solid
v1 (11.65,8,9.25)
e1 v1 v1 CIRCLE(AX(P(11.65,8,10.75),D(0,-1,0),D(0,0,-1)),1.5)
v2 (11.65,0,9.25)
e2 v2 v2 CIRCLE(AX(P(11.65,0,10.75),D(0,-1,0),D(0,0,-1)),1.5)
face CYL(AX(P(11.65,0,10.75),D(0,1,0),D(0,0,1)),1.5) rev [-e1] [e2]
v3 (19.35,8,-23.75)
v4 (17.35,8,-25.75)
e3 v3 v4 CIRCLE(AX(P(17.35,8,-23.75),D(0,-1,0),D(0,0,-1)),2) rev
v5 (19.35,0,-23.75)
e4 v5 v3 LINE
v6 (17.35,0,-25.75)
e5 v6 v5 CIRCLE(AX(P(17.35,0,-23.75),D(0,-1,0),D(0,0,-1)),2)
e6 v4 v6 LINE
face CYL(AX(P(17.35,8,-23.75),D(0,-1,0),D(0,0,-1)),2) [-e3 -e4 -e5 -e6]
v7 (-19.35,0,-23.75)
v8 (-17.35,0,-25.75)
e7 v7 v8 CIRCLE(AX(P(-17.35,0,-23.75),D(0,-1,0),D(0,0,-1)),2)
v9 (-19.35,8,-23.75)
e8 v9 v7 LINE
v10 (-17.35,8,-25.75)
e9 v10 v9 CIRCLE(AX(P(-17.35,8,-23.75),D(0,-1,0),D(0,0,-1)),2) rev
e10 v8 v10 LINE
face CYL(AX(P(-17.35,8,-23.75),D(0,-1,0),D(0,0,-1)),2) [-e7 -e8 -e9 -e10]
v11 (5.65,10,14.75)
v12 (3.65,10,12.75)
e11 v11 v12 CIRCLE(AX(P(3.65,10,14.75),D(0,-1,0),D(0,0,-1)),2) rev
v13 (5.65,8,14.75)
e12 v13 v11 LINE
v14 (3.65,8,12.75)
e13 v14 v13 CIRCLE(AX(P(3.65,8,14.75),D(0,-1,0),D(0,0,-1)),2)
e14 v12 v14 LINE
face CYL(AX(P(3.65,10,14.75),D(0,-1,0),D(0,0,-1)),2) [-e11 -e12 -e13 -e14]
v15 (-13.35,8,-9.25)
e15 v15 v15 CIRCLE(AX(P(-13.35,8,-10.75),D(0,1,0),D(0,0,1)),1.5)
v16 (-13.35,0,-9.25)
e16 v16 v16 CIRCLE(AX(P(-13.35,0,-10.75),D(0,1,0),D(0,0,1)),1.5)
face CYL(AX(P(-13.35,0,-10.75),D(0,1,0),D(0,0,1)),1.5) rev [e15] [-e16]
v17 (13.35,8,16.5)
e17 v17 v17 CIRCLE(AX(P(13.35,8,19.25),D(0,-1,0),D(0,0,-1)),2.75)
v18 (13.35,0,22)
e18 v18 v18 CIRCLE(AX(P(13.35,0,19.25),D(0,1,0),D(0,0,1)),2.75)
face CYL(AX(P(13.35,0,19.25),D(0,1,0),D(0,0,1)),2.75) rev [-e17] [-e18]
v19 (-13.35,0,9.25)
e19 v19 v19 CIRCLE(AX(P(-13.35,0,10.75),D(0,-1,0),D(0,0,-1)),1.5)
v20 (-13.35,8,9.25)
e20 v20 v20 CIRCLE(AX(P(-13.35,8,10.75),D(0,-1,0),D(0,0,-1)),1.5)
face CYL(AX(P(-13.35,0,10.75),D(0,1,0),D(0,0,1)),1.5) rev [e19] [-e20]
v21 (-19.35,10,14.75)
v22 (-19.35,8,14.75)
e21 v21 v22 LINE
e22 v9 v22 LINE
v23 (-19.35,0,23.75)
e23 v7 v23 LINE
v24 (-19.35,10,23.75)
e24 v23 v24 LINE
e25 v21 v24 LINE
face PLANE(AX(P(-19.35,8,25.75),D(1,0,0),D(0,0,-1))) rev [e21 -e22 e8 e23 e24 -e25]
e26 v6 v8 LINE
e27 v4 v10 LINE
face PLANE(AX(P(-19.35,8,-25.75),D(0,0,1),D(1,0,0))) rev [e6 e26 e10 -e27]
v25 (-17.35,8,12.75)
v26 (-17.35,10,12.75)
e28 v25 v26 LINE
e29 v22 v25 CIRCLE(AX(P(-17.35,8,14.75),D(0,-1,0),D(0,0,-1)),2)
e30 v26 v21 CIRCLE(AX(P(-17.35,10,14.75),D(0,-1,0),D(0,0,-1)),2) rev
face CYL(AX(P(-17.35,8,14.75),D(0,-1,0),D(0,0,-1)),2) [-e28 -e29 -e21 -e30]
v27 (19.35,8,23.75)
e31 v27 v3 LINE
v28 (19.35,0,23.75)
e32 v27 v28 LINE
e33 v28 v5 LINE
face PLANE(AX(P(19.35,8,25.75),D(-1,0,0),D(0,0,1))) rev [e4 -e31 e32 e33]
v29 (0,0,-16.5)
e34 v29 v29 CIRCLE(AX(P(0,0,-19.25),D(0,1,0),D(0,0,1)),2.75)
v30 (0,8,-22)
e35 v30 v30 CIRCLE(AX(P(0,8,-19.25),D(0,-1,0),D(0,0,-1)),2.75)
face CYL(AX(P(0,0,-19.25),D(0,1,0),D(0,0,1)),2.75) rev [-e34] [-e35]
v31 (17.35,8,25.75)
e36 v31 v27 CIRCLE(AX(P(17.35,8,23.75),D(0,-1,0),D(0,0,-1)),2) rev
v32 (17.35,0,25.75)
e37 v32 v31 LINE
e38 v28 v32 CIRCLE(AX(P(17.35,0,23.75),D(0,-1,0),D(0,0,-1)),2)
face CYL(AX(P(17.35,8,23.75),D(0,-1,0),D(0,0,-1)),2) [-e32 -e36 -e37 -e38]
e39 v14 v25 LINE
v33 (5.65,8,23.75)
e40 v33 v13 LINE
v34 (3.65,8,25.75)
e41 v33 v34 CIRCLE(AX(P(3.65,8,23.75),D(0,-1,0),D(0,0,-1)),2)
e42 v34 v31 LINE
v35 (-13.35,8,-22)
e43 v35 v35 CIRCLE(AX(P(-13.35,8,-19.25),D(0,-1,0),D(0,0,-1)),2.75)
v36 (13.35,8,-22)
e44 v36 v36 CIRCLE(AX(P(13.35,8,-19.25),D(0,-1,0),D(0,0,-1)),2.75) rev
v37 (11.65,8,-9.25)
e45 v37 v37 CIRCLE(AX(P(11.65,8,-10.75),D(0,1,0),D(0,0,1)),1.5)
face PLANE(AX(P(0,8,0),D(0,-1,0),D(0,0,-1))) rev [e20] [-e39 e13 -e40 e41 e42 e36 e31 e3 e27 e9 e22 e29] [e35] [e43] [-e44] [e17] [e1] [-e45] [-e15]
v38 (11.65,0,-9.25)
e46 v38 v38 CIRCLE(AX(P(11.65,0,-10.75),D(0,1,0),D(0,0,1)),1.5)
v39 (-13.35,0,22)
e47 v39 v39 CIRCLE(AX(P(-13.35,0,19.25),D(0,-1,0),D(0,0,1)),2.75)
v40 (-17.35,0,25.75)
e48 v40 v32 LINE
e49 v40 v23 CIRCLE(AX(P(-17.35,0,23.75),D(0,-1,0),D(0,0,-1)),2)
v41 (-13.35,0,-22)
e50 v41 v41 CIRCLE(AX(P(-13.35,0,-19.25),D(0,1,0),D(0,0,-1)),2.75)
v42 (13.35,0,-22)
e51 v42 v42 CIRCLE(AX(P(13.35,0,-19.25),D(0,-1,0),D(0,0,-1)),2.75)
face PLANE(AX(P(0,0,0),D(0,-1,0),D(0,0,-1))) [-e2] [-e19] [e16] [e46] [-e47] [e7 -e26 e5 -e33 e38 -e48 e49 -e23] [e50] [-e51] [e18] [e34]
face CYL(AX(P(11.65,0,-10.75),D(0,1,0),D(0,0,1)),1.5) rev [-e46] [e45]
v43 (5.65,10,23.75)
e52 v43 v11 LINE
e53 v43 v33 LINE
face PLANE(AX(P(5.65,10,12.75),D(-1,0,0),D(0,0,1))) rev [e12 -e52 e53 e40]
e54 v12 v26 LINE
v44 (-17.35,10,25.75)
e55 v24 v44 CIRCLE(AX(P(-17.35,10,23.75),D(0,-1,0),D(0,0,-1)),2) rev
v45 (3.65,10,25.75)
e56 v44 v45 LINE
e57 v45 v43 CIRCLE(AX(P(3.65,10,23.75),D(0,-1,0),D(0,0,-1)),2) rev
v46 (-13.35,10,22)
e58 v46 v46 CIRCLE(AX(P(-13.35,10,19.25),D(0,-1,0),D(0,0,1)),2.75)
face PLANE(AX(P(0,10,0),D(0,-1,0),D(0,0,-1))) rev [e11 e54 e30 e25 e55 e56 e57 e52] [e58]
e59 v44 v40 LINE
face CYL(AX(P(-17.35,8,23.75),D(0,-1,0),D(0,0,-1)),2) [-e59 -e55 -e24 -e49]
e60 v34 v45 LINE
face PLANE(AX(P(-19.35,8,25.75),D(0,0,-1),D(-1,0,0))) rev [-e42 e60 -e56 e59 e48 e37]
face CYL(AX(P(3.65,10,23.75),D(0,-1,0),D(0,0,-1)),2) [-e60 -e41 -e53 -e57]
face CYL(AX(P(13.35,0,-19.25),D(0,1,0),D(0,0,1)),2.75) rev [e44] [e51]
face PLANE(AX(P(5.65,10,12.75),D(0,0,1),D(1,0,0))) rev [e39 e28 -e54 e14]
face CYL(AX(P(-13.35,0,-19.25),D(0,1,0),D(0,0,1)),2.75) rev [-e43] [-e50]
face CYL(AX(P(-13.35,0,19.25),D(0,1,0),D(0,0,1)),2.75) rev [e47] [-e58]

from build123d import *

# Parameters (mm, degrees)
SKETCH1_W               = 38.7
SKETCH1_H               = 51.5
BOSS_EXTRUDE1_DEPTH     = 8
SKETCH2_R               = 1.5
CUT_EXTRUDE1_DEPTH      = 9
SKETCH6_W               = 25
SKETCH6_H               = 13
BOSS_EXTRUDE3_DEPTH     = 2
CUT_EXTRUDE2_START      = -9
SKETCH3_R               = 2.75
CUT_EXTRUDE2_DEPTH      = 12
MIRROR3_START           = -9
MIRROR3_COPY_1_SKETCH_R = 2.75
MIRROR3_COPY_1_DEPTH    = 12
SKETCH4_R               = 2.75
CUT_EXTRUDE3_DEPTH      = 3
CUT_EXTRUDE3_DEPTH_BACK = 9
FILLET1_R               = 2
FILLET2_R               = 2


with BuildPart() as part:
    # Sketch1 → Boss-Extrude1 (new body)
    with BuildSketch(Plane(origin=(0, 0, 0), x_dir=(1, 0, 0), z_dir=(0, 1, 0))):
        Rectangle(SKETCH1_W, SKETCH1_H)
    extrude(amount=BOSS_EXTRUDE1_DEPTH)

    # Sketch2 → Cut-Extrude1 (cut, through all)
    with BuildSketch(Plane(origin=(0, 8, 0), x_dir=(1, 0, 0), z_dir=(0, 1, 0))):
        with Locations((11.65, 10.75)):
            Circle(SKETCH2_R)
        with Locations((-13.35, 10.75)):
            Circle(SKETCH2_R)
    cut_extrude1 = extrude(amount=-CUT_EXTRUDE1_DEPTH, mode=Mode.SUBTRACT)

    # Mirror1: Cut-Extrude1 across plane
    add(cut_extrude1.mirror(Plane.XY), mode=Mode.SUBTRACT)

    # Sketch6 → Boss-Extrude3 (add)
    with BuildSketch(Plane(origin=(0, 8, 0), x_dir=(1, 0, 0), z_dir=(0, 1, 0))):
        with Locations((-6.85, -19.25)):
            Rectangle(SKETCH6_W, SKETCH6_H)
    extrude(amount=BOSS_EXTRUDE3_DEPTH)

    # Sketch3 → Cut-Extrude2 (cut)
    with BuildSketch(Plane(origin=(0, 8, 0), x_dir=(1, 0, 0), z_dir=(0, 1, 0)).offset(CUT_EXTRUDE2_START)):
        with Locations((13.35, -19.25)):
            Circle(SKETCH3_R)
    cut_extrude2 = extrude(amount=CUT_EXTRUDE2_DEPTH, mode=Mode.SUBTRACT)

    # Mirror2: Cut-Extrude2 across plane
    add(cut_extrude2.mirror(Plane(origin=(0, 0, 0), x_dir=(0, 0, 1), z_dir=(1, 0, 0))), mode=Mode.SUBTRACT)

    # Mirror3: Cut-Extrude2 across plane
    add(cut_extrude2.mirror(Plane.XY), mode=Mode.SUBTRACT)

    # Mirror3 copy 1 sketch → Mirror3 copy 1 (cut)
    with BuildSketch(Plane(origin=(0, 8, 0), x_dir=(-1, 0, 0), z_dir=(0, 1, 0)).offset(MIRROR3_START)):
        with Locations((13.35, -19.25)):
            Circle(MIRROR3_COPY_1_SKETCH_R)
    extrude(amount=MIRROR3_COPY_1_DEPTH, mode=Mode.SUBTRACT)

    # Sketch4 → Cut-Extrude3 (cut, two sides)
    with BuildSketch(Plane(origin=(0, 8, 0), x_dir=(1, 0, 0), z_dir=(0, 1, 0))) as cut_extrude3_sk:
        with Locations((0, 19.25)):
            Circle(SKETCH4_R)
    extrude(amount=CUT_EXTRUDE3_DEPTH, mode=Mode.SUBTRACT)
    extrude(cut_extrude3_sk.sketch, amount=-CUT_EXTRUDE3_DEPTH_BACK, mode=Mode.SUBTRACT)

    # Fillet1
    fillet1_edges = [part.edges().sort_by_distance(p)[0] for p in [
        (5.65, 9, 25.75),
        (5.65, 9, 12.75),
        (-19.35, 9, 12.75),
    ]]
    fillet(fillet1_edges, radius=FILLET1_R)

    # Fillet2
    fillet2_edges = [part.edges().sort_by_distance(p)[0] for p in [
        (19.35, 4, 25.75),
        (-19.35, 5, 25.75),
        (-19.35, 4, -25.75),
        (19.35, 4, -25.75),
    ]]
    fillet(fillet2_edges, radius=FILLET2_R)


solid = part.part
